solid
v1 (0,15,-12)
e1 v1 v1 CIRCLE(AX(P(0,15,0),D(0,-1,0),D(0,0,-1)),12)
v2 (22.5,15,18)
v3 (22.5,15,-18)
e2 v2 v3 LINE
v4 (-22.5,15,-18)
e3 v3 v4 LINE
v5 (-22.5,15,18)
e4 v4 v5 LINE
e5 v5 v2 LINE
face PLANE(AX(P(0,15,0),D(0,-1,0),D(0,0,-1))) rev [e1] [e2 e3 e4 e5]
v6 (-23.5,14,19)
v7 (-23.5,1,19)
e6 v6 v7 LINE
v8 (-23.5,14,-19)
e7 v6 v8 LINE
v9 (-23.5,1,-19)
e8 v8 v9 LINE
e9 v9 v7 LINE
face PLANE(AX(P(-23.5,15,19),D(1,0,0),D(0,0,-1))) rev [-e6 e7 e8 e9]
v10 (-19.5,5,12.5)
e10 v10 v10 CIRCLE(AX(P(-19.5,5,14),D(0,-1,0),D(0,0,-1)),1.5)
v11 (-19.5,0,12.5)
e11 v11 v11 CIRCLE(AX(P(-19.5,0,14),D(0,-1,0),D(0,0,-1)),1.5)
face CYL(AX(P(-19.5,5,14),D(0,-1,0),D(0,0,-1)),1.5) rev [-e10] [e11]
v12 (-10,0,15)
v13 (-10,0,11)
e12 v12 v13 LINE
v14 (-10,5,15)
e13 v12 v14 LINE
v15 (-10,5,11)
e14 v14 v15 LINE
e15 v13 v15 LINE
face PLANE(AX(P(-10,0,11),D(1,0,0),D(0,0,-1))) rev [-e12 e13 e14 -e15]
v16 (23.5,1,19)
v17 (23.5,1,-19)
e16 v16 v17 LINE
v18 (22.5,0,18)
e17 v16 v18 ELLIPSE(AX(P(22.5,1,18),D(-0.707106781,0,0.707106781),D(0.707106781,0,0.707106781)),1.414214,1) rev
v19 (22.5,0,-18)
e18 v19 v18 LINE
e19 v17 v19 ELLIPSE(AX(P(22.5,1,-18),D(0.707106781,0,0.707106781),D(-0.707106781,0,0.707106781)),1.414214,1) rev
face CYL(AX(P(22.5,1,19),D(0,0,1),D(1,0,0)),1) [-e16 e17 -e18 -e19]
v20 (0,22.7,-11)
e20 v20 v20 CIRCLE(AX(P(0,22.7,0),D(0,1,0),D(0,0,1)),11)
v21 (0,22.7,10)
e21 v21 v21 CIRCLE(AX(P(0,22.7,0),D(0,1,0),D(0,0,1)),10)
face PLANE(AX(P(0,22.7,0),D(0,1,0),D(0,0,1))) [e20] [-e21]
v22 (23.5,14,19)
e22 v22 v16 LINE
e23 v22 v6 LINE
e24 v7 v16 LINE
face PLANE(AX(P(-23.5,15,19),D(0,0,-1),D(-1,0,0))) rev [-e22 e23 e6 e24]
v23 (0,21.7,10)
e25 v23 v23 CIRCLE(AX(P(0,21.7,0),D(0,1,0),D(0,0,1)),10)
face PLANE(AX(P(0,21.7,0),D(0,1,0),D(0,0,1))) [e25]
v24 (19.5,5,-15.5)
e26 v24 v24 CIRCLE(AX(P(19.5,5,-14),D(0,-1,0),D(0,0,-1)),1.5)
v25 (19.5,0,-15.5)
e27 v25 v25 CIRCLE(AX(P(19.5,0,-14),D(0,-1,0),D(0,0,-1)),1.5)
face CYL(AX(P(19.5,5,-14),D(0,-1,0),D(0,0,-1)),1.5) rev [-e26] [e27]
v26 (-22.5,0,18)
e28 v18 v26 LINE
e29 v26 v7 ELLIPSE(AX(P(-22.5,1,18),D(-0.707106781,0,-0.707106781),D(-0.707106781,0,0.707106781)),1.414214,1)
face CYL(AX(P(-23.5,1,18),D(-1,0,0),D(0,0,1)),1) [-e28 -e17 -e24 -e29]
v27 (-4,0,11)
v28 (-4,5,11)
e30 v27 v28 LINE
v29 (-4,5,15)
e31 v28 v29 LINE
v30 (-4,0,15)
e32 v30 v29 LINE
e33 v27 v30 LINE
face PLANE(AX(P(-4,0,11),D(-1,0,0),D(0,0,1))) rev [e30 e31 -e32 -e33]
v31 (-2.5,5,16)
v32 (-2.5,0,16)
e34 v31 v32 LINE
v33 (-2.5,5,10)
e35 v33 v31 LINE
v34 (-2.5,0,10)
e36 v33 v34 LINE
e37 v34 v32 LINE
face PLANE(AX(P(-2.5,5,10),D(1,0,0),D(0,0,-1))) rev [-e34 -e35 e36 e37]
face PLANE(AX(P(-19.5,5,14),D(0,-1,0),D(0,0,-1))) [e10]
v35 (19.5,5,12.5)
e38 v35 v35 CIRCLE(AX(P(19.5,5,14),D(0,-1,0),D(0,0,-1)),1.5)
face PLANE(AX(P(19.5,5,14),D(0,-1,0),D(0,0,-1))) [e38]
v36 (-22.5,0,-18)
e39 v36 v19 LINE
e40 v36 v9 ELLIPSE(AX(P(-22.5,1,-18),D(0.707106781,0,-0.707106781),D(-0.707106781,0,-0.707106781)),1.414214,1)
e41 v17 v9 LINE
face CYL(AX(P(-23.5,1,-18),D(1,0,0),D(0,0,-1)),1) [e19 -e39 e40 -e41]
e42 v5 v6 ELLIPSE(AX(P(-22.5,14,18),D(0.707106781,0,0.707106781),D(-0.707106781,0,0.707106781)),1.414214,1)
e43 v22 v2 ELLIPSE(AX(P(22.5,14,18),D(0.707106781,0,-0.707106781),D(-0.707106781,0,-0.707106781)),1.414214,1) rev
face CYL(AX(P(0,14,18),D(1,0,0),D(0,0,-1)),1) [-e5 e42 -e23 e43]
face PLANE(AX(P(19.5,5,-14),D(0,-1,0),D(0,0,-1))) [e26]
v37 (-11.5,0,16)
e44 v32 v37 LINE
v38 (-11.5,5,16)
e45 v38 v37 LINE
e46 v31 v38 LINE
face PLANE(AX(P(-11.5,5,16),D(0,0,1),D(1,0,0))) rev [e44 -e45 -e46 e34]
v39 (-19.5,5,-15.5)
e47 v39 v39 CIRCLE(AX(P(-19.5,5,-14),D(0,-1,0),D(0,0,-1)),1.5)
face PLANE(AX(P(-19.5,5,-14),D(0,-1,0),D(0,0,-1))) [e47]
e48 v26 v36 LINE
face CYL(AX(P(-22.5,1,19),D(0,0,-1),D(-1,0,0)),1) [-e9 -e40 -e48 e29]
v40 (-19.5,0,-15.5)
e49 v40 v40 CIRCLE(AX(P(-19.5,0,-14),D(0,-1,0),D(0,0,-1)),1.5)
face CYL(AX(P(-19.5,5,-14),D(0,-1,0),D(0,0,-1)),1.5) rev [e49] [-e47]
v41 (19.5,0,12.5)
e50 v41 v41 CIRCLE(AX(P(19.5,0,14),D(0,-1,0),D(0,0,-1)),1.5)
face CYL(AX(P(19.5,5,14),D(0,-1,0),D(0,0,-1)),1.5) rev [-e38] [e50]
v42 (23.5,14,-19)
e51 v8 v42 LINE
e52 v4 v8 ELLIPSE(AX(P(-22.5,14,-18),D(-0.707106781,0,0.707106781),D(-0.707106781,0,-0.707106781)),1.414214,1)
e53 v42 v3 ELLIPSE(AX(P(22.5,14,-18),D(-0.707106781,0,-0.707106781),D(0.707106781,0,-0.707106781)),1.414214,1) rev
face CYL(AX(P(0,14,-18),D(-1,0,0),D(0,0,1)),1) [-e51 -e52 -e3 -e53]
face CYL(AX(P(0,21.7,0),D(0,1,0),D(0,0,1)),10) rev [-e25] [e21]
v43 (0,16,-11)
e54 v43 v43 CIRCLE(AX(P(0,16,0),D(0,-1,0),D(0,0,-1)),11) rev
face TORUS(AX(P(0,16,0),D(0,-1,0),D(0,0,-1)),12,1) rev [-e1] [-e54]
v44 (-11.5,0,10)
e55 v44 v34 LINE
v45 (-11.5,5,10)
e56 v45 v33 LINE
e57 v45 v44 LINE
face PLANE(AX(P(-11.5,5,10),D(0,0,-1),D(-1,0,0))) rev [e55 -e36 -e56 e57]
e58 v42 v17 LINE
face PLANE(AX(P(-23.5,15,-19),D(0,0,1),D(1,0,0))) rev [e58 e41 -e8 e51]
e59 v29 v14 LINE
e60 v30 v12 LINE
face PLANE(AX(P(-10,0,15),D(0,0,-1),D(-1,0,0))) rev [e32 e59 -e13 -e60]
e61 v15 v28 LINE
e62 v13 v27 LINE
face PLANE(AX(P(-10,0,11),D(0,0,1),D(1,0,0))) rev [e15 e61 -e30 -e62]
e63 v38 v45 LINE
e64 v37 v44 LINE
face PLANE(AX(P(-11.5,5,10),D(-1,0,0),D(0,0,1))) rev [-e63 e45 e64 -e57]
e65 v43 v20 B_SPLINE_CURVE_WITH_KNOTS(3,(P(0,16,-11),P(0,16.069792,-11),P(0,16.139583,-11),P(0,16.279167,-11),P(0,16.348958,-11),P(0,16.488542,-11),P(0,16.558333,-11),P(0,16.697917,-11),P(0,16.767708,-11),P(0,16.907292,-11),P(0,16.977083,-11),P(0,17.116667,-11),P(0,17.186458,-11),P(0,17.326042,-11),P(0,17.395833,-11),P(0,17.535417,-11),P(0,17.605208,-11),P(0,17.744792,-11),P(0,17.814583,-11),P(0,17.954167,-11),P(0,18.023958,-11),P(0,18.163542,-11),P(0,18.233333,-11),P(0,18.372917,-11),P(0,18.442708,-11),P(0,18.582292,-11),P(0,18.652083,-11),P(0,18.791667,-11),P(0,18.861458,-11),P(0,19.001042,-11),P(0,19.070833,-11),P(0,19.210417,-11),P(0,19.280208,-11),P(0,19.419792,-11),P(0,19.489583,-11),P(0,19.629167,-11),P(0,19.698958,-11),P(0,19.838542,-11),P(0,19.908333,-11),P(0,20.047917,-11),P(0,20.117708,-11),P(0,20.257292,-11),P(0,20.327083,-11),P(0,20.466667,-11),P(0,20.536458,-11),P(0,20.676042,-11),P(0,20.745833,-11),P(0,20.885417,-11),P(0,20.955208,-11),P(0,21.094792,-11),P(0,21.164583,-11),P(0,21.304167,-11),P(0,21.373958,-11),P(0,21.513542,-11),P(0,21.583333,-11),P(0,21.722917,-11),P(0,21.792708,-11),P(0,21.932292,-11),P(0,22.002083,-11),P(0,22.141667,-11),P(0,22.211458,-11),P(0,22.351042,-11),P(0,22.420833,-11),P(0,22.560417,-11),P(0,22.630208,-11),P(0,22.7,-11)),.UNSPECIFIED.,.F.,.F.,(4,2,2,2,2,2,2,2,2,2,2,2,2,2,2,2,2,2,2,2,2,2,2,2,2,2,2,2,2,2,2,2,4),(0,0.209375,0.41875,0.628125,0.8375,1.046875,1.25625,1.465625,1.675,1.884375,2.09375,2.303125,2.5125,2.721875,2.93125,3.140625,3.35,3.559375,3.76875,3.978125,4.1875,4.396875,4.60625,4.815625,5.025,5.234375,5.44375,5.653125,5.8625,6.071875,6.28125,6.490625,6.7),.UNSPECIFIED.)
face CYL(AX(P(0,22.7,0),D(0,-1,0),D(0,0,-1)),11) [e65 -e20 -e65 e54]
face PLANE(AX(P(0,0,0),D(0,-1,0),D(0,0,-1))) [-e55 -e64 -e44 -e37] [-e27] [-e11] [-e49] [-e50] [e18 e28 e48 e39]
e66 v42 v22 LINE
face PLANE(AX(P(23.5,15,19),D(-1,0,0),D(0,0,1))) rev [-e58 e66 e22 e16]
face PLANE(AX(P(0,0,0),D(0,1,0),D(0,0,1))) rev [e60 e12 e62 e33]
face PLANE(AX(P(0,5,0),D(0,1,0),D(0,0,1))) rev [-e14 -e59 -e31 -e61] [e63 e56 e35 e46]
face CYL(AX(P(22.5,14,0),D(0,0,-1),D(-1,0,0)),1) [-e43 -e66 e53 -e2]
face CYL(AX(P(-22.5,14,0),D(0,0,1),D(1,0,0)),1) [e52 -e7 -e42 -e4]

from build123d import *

# Parameters (mm, degrees)
SKETCH_1_W          = 47
SKETCH_1_H          = 38
EXTRUDE_1_DEPTH     = 15
SKETCH_2_R          = 11
EXTRUDE_2_DEPTH     = 7.7
FILLET_1_R          = 1
SKETCH_3_R          = 1.5
SKETCH_3_W          = 9
SKETCH_3_H          = 6
CUT_EXTRUDE_1_DEPTH = 5
SKETCH_4_W          = 6
SKETCH_4_H          = 4
EXTRUDE_3_DEPTH     = 5
SKETCH_5_R          = 10
CUT_EXTRUDE_2_DEPTH = 1


with BuildPart() as part:
    # 草图1 → 凸台-拉伸1 (new body)
    with BuildSketch(Plane(origin=(0, 0, 0), x_dir=(1, 0, 0), z_dir=(0, 1, 0))):
        Rectangle(SKETCH_1_W, SKETCH_1_H)
    extrude(amount=EXTRUDE_1_DEPTH)

    # 草图2 → 凸台-拉伸2 (add)
    with BuildSketch(Plane(origin=(0, 15, 0), x_dir=(1, 0, 0), z_dir=(0, 1, 0))):
        with Locations(Location((0, 0, 0), (0, 0, 90))):
            Circle(SKETCH_2_R)
    extrude(amount=EXTRUDE_2_DEPTH)

    # 圆角1
    fillet_1_edges = [part.edges().sort_by_distance(p)[0] for p in [
        (-23.5, 15, 0),
        (0, 15, 11),
        (0, 15, 19),
        (23.5, 15, 0),
        (0, 0, 19),
        (-23.5, 0, 0),
        (0, 0, -19),
        (23.5, 0, 0),
        (0, 15, -19),
    ]]
    fillet(fillet_1_edges, radius=FILLET_1_R)

    # 草图3 → 切除-拉伸1 (cut)
    with BuildSketch(Plane.XZ):
        with Locations(Location((19.5, 14, 0), (0, 0, 270))):
            Circle(SKETCH_3_R)
        with Locations(Location((-19.5, 14, 0), (0, 0, 270))):
            Circle(SKETCH_3_R)
        with Locations(Location((-19.5, -14, 0), (0, 0, 270))):
            Circle(SKETCH_3_R)
        with Locations(Location((19.5, -14, 0), (0, 0, 270))):
            Circle(SKETCH_3_R)
        with Locations((-7, 13)):
            Rectangle(SKETCH_3_W, SKETCH_3_H)
    extrude(amount=-CUT_EXTRUDE_1_DEPTH, mode=Mode.SUBTRACT)

    # 草图4 → 凸台-拉伸3 (add)
    with BuildSketch(Plane.XZ.offset(-5)):
        with Locations((-7, 13)):
            Rectangle(SKETCH_4_W, SKETCH_4_H)
    extrude(amount=EXTRUDE_3_DEPTH)

    # 草图5 → 切除-拉伸2 (cut)
    with BuildSketch(Plane(origin=(0, 22.7, 0), x_dir=(1, 0, 0), z_dir=(0, 1, 0))):
        with Locations(Location((0, 0, 0), (0, 0, 270))):
            Circle(SKETCH_5_R)
    extrude(amount=-CUT_EXTRUDE_2_DEPTH, mode=Mode.SUBTRACT)


solid = part.part
